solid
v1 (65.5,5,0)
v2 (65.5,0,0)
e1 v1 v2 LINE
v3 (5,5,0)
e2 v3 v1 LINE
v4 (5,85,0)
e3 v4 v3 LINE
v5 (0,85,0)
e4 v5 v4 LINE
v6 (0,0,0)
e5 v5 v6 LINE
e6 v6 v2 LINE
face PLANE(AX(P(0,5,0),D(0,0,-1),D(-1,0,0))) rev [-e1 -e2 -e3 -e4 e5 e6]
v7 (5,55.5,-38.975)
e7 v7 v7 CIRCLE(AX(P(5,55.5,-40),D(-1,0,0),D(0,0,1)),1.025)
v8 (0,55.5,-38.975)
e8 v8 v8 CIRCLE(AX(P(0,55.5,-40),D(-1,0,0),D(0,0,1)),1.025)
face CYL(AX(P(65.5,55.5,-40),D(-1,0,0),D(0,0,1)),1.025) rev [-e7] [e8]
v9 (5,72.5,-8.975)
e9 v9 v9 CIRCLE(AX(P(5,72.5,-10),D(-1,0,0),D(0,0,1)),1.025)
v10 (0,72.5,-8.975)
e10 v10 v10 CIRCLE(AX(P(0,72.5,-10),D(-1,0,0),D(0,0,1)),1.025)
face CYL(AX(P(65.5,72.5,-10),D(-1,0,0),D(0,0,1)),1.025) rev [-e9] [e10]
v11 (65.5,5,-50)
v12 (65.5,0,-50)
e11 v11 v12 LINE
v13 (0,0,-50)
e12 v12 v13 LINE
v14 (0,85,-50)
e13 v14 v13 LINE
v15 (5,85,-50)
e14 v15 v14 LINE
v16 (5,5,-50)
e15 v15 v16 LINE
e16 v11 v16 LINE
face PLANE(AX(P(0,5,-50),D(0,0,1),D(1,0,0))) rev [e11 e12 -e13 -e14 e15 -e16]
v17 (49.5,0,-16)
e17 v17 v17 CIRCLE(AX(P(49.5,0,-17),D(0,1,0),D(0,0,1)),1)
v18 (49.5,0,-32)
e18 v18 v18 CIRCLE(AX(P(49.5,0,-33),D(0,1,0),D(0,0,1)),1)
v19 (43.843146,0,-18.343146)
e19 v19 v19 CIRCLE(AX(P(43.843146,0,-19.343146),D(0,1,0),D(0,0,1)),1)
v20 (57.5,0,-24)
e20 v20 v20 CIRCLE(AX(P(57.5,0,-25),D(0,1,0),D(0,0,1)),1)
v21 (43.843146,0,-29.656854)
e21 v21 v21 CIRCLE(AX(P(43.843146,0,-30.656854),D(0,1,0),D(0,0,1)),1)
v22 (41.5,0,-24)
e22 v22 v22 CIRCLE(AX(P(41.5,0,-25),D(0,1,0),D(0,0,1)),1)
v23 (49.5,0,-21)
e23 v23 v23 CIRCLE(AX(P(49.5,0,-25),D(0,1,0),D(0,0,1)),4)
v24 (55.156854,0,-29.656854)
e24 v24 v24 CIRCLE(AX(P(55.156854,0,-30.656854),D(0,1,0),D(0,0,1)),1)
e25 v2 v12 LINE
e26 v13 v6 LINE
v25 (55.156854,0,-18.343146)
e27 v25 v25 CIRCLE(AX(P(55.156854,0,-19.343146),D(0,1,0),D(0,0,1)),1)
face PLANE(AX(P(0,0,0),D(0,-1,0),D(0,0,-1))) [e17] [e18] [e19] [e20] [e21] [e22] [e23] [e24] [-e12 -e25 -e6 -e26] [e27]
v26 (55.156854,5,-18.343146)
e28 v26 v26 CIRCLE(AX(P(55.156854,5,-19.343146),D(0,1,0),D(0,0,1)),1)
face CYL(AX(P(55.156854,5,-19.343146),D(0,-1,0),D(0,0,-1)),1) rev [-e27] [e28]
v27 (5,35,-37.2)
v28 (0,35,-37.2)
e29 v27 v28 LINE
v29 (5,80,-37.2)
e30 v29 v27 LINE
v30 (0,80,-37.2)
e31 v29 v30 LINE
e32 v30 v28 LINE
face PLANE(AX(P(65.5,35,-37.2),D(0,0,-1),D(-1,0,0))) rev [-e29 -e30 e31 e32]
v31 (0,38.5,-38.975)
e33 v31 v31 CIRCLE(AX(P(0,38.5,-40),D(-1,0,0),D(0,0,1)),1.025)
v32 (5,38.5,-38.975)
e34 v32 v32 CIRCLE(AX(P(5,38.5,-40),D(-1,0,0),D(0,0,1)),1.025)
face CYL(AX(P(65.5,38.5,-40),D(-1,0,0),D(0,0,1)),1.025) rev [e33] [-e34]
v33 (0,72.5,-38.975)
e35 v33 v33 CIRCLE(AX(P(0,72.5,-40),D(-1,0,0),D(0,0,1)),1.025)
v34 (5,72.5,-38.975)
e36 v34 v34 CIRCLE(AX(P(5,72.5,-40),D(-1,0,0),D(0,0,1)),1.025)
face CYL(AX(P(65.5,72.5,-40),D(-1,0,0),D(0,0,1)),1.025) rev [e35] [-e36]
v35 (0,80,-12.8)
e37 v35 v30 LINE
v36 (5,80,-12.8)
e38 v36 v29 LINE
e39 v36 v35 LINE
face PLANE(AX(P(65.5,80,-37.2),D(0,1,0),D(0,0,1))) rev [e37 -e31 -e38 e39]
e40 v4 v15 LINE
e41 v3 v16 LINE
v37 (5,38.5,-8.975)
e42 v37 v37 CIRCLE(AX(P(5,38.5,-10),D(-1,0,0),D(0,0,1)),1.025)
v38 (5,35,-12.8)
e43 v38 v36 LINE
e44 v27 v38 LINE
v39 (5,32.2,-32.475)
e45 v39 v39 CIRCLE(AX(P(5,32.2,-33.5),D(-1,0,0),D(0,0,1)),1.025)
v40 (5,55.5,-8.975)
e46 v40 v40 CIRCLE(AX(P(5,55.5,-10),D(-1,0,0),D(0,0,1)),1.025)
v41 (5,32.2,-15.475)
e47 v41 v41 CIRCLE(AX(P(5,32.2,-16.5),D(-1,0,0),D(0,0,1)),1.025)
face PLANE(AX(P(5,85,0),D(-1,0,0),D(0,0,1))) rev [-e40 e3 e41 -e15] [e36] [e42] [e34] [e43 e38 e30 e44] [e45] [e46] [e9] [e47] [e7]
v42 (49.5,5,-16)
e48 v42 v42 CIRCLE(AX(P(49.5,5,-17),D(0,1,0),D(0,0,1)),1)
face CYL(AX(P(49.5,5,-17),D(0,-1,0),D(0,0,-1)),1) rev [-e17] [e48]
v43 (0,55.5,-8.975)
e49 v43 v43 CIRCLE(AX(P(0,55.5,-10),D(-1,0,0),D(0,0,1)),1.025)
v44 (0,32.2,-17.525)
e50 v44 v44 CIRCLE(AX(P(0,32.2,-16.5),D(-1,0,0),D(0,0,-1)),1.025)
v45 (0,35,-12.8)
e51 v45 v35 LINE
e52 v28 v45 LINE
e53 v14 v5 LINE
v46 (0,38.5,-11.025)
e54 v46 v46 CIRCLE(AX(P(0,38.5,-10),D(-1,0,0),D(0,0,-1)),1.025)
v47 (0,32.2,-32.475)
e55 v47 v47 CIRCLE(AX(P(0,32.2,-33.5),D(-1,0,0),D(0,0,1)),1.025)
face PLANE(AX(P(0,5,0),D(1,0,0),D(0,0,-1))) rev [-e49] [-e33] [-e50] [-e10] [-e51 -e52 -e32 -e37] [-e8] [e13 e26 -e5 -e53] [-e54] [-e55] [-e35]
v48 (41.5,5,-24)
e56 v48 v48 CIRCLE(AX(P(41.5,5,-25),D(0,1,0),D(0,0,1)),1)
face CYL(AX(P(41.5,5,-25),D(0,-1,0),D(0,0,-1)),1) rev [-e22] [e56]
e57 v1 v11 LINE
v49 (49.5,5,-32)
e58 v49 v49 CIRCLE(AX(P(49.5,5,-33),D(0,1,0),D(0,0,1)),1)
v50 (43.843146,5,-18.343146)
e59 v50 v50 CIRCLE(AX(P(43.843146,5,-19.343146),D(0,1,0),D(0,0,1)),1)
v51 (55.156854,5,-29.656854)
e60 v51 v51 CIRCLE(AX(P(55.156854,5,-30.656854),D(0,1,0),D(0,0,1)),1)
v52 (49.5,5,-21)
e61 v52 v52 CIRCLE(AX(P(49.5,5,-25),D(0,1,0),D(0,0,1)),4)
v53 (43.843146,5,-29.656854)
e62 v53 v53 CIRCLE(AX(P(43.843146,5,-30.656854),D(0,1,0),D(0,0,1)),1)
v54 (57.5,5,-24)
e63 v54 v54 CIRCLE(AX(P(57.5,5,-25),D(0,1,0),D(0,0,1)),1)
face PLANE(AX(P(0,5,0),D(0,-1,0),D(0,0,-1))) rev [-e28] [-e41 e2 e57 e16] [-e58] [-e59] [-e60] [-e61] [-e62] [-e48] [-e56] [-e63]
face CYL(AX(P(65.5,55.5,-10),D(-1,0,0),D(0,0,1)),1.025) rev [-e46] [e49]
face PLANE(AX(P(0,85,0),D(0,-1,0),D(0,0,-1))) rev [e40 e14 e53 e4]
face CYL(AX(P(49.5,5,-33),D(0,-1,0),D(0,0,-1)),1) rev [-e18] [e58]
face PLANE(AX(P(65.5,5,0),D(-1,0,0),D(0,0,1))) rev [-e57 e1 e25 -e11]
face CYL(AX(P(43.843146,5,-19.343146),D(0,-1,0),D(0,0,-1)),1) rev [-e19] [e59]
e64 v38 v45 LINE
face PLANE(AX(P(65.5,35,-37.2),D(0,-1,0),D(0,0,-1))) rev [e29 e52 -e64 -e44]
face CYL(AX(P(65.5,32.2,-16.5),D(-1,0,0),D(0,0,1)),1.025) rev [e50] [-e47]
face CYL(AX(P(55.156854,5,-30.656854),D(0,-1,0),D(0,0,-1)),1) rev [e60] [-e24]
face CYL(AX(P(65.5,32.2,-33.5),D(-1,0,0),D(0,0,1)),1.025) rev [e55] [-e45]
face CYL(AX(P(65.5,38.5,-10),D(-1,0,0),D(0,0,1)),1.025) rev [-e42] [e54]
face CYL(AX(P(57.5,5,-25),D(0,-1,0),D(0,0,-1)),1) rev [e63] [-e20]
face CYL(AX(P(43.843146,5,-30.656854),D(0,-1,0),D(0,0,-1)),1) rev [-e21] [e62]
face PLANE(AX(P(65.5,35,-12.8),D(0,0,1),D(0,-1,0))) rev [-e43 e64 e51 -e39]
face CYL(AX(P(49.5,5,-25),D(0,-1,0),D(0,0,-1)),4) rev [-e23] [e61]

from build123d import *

# Parameters (mm, degrees)
SKETCH1_W           = 65.5
SKETCH1_H           = 50
SKETCH1_R           = 4
SKETCH1_R_2         = 1
BOSS_EXTRUDE1_DEPTH = 5
SKETCH3_W           = 5
SKETCH3_H           = 50
BOSS_EXTRUDE2_DEPTH = 85
SKETCH4_R           = 1.025
SKETCH4_W           = 24.4
SKETCH4_H           = 45
CUT_EXTRUDE1_DEPTH  = 66.5


with BuildPart() as part:
    # Sketch1 → Boss-Extrude1 (new body)
    with BuildSketch(Plane(origin=(0, 0, 0), x_dir=(1, 0, 0), z_dir=(0, 1, 0))):
        with Locations((32.75, 25)):
            Rectangle(SKETCH1_W, SKETCH1_H)
        with Locations((49.5, 25)):
            Circle(SKETCH1_R, mode=Mode.SUBTRACT)
        with Locations((49.5, 33)):
            Circle(SKETCH1_R_2, mode=Mode.SUBTRACT)
        with Locations((55.156854249, 30.656854249)):
            Circle(SKETCH1_R_2, mode=Mode.SUBTRACT)
        with Locations((57.5, 25)):
            Circle(SKETCH1_R_2, mode=Mode.SUBTRACT)
        with Locations((55.156854249, 19.343145751)):
            Circle(SKETCH1_R_2, mode=Mode.SUBTRACT)
        with Locations((49.5, 17)):
            Circle(SKETCH1_R_2, mode=Mode.SUBTRACT)
        with Locations((43.843145751, 19.343145751)):
            Circle(SKETCH1_R_2, mode=Mode.SUBTRACT)
        with Locations((41.5, 25)):
            Circle(SKETCH1_R_2, mode=Mode.SUBTRACT)
        with Locations((43.843145751, 30.656854249)):
            Circle(SKETCH1_R_2, mode=Mode.SUBTRACT)
    extrude(amount=BOSS_EXTRUDE1_DEPTH)

    # Sketch3 → Boss-Extrude2 (add)
    with BuildSketch(Plane(origin=(0, 0, 0), x_dir=(1, 0, 0), z_dir=(0, 1, 0))):
        with Locations((2.5, 25)):
            Rectangle(SKETCH3_W, SKETCH3_H)
    extrude(amount=BOSS_EXTRUDE2_DEPTH)

    # Sketch4 → Cut-Extrude1 (cut, through all)
    with BuildSketch(Plane.ZY):
        with Locations((-40, 72.5)):
            Circle(SKETCH4_R)
        with Locations((-10, 72.5)):
            Circle(SKETCH4_R)
        with Locations((-40, 55.5)):
            Circle(SKETCH4_R)
        with Locations((-40, 38.5)):
            Circle(SKETCH4_R)
        with Locations((-10, 55.5)):
            Circle(SKETCH4_R)
        with Locations((-33.5, 32.2)):
            Circle(SKETCH4_R)
        with Locations((-16.5, 32.2)):
            Circle(SKETCH4_R)
        with Locations((-10, 38.5)):
            Circle(SKETCH4_R)
        with Locations((-25, 57.5)):
            Rectangle(SKETCH4_W, SKETCH4_H)
    extrude(amount=-CUT_EXTRUDE1_DEPTH, mode=Mode.SUBTRACT)


solid = part.part
